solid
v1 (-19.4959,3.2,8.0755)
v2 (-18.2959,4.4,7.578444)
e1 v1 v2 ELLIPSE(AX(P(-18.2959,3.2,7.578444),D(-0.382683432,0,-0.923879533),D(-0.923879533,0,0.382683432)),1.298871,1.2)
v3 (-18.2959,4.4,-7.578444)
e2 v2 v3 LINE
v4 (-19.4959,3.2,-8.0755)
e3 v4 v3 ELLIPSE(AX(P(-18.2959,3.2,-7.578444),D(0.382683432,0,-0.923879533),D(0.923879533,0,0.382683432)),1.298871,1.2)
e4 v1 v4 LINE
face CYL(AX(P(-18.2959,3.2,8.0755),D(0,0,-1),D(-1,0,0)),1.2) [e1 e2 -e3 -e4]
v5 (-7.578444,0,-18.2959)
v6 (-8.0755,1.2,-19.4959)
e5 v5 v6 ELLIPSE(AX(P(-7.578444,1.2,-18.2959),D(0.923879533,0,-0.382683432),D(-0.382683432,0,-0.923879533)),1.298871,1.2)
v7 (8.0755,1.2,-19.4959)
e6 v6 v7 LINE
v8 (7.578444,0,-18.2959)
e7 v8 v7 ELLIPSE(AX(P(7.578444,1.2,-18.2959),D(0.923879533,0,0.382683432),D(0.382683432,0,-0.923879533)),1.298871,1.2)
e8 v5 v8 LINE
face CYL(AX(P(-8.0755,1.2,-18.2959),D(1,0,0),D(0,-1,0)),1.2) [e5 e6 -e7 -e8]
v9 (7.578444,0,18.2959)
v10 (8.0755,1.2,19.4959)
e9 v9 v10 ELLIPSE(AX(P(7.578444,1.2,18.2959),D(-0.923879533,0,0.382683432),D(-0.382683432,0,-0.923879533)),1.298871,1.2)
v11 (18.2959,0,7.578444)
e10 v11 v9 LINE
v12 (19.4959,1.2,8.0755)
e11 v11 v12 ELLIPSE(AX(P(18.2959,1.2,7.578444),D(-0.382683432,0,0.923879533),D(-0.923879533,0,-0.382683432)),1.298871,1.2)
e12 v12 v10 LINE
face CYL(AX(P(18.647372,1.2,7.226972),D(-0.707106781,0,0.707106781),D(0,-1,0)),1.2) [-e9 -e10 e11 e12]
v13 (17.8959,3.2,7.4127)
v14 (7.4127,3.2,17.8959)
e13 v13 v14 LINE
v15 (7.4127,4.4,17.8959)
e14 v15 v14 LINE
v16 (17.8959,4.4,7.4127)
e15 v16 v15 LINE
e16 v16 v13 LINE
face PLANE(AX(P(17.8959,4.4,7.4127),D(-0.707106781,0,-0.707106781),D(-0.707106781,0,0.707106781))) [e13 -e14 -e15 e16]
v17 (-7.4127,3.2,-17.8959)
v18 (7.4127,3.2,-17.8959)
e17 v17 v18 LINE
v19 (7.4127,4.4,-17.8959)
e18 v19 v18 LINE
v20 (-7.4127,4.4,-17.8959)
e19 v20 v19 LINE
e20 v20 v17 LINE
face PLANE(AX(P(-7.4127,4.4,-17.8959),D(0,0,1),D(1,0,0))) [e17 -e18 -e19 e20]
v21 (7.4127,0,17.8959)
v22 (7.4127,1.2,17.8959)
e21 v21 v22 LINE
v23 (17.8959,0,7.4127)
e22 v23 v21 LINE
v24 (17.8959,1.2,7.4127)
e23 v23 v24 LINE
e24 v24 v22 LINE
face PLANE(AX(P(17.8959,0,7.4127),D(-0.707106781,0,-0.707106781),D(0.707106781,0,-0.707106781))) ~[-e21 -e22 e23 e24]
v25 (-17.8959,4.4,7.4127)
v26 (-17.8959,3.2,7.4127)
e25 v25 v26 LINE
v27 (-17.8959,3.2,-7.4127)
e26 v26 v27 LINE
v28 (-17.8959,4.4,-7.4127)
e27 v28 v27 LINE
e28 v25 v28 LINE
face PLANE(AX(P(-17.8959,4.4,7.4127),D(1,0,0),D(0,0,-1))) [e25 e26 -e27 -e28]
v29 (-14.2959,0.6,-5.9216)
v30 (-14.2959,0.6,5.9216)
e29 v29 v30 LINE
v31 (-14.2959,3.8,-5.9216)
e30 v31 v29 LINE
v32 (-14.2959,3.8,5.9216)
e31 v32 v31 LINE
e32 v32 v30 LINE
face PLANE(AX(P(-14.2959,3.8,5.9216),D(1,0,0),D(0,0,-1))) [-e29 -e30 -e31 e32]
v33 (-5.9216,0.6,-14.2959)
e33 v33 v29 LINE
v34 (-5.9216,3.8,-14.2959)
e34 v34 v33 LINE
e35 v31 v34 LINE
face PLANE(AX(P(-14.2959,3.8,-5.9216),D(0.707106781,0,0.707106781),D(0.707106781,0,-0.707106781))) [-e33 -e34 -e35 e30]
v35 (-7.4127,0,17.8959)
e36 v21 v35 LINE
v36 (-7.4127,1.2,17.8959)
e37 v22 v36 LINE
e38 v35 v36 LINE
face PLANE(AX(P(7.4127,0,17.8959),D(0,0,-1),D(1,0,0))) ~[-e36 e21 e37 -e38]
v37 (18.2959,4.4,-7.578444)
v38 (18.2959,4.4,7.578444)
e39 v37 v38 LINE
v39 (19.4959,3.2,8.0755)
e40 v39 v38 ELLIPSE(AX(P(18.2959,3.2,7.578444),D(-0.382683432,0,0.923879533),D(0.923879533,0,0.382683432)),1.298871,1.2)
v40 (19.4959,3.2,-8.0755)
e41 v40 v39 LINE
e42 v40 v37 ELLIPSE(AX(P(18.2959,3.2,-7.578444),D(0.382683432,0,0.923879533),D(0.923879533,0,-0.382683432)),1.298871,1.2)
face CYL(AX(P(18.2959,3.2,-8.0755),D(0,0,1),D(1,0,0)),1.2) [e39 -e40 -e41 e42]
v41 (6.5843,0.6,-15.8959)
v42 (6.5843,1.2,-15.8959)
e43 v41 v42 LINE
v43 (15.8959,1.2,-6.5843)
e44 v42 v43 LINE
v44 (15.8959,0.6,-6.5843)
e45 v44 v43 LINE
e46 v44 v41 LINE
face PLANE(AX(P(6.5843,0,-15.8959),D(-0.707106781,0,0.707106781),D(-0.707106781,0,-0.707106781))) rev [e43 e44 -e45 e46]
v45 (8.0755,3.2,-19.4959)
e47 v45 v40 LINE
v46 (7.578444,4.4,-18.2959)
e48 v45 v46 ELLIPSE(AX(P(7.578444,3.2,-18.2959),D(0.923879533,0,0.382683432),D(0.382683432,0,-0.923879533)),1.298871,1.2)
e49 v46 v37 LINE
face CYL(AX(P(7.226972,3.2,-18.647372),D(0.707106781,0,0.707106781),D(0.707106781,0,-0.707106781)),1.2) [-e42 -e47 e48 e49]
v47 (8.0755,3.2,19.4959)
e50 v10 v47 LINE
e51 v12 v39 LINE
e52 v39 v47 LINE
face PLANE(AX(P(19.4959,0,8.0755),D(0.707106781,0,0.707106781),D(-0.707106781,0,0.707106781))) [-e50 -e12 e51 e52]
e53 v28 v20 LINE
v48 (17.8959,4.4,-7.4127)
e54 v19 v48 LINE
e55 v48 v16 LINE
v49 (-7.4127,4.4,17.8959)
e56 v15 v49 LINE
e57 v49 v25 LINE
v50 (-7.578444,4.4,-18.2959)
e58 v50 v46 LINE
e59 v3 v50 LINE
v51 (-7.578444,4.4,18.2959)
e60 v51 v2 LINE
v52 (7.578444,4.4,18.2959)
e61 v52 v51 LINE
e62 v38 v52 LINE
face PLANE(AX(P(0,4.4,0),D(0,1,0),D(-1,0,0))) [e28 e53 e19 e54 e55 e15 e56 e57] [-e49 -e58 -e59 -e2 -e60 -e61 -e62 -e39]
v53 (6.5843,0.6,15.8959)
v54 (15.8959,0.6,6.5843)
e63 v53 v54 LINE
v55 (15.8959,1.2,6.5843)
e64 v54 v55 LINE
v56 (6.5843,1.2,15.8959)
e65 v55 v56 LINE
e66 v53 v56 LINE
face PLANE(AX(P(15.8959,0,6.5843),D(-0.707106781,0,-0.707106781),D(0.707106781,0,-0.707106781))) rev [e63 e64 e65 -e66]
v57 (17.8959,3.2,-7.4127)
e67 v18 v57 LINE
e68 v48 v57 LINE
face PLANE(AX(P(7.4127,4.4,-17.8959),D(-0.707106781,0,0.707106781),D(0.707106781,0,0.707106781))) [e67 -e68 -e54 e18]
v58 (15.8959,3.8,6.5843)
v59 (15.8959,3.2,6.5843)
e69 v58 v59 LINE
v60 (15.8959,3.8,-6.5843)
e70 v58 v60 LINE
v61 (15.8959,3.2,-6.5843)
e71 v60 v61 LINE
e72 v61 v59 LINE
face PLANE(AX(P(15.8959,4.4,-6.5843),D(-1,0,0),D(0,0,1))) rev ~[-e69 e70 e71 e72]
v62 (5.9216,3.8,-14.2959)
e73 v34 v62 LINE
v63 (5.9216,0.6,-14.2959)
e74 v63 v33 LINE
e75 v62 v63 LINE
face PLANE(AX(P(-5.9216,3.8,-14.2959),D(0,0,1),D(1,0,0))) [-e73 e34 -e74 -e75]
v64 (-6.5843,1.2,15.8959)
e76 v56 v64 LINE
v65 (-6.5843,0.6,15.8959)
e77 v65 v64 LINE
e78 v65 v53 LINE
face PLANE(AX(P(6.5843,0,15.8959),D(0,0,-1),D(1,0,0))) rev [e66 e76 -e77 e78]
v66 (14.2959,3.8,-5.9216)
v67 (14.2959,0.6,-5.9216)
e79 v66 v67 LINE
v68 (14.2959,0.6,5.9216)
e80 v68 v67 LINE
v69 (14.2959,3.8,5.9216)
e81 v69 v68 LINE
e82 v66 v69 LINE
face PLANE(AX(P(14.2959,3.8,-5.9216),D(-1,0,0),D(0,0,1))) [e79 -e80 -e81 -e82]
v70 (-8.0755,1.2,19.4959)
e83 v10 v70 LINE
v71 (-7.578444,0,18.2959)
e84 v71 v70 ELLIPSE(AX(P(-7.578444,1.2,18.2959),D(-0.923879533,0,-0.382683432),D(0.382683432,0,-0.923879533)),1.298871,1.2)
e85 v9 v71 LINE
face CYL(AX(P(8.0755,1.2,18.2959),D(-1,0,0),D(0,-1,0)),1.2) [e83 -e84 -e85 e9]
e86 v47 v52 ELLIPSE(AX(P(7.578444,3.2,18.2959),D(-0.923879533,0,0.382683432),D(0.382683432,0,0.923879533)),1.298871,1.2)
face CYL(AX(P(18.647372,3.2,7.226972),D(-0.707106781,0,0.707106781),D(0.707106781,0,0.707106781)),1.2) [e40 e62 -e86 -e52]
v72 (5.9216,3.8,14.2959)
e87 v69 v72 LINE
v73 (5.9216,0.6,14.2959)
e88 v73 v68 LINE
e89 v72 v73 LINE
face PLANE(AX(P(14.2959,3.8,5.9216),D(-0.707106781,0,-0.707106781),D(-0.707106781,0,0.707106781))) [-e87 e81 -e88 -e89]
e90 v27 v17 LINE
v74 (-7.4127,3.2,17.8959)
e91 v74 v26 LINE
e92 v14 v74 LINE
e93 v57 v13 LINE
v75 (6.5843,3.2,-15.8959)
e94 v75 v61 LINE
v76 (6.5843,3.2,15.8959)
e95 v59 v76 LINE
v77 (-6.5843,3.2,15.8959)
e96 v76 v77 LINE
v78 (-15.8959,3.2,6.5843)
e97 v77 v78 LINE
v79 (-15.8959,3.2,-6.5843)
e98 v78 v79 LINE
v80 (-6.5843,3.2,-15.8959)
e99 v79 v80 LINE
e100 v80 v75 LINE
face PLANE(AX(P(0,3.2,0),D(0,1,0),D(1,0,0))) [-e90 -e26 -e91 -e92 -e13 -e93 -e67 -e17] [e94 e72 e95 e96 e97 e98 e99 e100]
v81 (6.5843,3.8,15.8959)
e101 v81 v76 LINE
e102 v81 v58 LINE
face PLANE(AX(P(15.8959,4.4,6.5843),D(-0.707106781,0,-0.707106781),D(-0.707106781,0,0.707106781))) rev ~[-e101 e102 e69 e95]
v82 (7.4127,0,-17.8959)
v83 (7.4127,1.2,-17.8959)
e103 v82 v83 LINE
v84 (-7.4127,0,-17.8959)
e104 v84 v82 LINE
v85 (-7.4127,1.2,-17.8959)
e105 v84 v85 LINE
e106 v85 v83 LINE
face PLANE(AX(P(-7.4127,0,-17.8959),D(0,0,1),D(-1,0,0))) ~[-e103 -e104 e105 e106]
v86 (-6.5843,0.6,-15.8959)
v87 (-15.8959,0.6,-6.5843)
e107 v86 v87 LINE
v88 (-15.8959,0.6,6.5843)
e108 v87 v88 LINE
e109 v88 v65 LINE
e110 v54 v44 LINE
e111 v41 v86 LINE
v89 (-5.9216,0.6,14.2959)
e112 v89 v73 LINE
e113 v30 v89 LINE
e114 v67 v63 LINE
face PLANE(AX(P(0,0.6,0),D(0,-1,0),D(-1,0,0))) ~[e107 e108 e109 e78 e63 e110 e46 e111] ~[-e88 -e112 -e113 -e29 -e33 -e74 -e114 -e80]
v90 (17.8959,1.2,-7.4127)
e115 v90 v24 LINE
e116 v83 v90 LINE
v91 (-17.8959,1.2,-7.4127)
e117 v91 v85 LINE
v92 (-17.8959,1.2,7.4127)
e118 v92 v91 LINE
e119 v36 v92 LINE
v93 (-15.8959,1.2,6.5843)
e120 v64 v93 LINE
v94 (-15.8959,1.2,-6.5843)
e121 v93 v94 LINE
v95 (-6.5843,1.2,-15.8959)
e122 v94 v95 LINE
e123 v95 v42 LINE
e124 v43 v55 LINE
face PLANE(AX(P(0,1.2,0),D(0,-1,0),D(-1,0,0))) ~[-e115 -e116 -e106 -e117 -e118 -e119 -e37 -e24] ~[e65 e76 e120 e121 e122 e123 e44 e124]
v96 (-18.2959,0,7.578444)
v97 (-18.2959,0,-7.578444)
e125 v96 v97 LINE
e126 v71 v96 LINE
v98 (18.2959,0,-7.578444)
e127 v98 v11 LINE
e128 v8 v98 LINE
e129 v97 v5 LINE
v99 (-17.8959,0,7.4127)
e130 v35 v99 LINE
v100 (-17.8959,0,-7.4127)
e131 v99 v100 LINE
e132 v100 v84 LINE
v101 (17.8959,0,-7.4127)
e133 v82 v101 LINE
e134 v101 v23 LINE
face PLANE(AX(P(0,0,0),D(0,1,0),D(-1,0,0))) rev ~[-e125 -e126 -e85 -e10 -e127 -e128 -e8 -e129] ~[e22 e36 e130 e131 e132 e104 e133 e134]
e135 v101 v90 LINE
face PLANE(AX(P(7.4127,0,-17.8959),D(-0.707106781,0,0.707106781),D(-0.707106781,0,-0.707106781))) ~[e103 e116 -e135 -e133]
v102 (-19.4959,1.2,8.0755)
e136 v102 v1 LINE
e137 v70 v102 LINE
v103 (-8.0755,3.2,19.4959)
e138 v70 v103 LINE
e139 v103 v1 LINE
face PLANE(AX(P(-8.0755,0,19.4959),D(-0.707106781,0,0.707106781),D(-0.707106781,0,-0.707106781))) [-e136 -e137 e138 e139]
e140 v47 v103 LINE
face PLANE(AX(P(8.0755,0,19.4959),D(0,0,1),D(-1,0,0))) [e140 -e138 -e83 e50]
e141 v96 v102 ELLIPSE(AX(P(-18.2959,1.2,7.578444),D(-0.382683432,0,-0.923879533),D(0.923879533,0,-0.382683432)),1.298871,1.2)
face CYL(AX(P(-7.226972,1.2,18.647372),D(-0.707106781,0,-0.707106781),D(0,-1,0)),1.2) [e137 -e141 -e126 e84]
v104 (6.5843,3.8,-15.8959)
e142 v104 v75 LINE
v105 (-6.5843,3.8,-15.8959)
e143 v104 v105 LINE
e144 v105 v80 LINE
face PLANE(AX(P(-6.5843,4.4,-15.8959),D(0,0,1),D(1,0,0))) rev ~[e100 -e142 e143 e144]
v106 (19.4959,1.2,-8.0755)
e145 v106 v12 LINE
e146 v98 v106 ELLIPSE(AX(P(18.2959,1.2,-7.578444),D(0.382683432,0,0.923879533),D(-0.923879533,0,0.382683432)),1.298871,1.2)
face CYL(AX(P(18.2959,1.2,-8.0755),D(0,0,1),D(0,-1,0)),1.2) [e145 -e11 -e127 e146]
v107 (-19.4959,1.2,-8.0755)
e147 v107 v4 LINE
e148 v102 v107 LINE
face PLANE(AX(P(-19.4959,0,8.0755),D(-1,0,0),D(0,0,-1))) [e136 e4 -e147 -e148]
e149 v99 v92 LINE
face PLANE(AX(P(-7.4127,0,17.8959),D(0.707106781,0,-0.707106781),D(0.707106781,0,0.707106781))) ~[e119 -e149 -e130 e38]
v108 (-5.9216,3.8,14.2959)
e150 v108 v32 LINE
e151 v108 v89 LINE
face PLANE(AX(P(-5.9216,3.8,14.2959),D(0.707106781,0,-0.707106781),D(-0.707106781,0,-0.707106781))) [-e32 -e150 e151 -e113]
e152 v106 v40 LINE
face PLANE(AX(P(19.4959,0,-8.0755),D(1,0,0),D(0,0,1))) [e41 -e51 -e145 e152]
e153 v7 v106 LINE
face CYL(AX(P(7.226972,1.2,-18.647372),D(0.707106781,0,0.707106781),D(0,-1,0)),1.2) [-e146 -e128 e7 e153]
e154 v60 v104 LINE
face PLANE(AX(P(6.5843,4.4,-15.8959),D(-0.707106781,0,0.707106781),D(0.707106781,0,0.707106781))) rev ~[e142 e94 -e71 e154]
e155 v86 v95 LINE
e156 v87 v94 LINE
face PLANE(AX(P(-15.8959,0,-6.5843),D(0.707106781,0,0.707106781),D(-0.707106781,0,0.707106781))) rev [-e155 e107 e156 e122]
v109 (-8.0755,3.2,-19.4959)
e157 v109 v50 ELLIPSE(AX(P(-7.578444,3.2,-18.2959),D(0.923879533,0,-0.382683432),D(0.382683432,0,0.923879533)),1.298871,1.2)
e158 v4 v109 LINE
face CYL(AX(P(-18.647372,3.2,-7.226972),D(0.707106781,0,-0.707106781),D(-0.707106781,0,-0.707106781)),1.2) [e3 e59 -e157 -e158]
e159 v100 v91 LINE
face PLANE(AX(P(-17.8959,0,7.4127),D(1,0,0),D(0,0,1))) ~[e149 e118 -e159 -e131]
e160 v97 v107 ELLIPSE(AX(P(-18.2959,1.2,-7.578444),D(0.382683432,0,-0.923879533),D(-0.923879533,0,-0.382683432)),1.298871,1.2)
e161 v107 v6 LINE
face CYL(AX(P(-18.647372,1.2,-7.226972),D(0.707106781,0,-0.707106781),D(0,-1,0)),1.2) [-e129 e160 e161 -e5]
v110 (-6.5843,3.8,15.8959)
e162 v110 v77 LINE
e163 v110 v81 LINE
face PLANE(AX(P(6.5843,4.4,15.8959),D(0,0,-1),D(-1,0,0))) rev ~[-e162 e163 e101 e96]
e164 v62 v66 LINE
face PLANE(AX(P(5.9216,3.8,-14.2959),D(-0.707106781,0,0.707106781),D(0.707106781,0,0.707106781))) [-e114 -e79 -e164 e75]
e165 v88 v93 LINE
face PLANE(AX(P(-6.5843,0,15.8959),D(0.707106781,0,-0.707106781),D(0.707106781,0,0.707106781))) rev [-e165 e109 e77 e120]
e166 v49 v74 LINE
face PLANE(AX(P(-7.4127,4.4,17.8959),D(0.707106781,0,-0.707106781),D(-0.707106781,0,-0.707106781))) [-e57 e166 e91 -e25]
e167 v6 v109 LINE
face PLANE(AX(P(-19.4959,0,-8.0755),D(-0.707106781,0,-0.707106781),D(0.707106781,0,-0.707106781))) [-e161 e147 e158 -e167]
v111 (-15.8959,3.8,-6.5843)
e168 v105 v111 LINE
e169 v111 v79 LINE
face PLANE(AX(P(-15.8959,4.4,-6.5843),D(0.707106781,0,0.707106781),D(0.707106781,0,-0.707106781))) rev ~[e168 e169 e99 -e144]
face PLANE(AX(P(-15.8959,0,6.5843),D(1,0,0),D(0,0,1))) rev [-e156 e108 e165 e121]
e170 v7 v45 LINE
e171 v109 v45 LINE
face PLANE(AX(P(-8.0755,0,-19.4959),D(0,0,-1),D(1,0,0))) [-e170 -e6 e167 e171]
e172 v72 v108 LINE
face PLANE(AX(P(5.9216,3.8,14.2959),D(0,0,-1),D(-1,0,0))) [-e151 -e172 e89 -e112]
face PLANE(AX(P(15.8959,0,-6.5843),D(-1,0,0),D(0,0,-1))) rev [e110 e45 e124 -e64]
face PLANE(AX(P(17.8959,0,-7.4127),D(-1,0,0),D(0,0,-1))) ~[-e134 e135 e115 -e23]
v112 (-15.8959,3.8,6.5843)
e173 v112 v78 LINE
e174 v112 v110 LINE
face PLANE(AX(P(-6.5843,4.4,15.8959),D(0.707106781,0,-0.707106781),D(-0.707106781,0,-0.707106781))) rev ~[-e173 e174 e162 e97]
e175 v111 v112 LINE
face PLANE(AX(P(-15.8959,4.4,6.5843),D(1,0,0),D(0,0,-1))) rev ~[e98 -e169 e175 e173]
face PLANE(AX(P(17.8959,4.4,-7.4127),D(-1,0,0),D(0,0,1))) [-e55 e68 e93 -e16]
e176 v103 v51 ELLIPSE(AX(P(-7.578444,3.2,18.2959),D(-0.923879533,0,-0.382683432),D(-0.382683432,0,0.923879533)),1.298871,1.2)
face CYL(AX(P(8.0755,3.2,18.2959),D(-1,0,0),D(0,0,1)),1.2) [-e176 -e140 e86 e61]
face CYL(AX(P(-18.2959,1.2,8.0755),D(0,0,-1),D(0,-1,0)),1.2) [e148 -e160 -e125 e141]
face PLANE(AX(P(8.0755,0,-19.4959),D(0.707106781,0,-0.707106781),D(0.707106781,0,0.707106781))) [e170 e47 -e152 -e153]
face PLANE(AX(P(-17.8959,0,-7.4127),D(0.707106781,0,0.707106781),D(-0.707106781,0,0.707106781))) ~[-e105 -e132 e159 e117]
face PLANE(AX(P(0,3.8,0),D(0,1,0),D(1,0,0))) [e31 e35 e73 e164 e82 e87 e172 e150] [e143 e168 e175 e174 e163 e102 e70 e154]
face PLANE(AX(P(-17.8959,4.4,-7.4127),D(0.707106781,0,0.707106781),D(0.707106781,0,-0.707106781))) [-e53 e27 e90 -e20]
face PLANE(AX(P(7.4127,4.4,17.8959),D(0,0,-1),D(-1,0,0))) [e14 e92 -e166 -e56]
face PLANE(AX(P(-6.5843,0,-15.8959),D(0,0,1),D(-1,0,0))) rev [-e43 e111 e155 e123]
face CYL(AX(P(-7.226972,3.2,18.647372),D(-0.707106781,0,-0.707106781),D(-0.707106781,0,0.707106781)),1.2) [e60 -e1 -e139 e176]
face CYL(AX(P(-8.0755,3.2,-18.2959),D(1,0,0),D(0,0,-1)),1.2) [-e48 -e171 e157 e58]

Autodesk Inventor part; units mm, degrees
ref_plane "YZ Plane" through (0, 0, 0) normal (1, 0, 0) x (0, 1, 0)
ref_plane "XZ Plane" through (0, 0, 0) normal (0, 1, 0) x (-1, 0, 0)
sketch "스케치1" plane through (0, 0, 0) normal (0, 1, 0) x (-1, 0, 0)
  line L0 (-16.2959, 6.75) -> (-6.75, 16.2959)
  line L1 (-6.75, 16.2959) -> (6.75, 16.2959)
  line L2 (6.75, 16.2959) -> (16.2959, 6.75)
  line L3 (16.2959, 6.75) -> (16.2959, -6.75)
  line L4 (16.2959, -6.75) -> (6.75, -16.2959)
  line L5 (6.75, -16.2959) -> (-6.75, -16.2959)
  line L6 (-6.75, -16.2959) -> (-16.2959, -6.75)
  line L7 (-16.2959, -6.75) -> (-16.2959, 6.75)
  line L8 (19.4959, 8.0755) -> (19.4959, -8.0755)
  line L9 (19.4959, -8.0755) -> (8.0755, -19.4959)
  line L10 (8.0755, -19.4959) -> (-8.0755, -19.4959)
  line L11 (-8.0755, -19.4959) -> (-19.4959, -8.0755)
  line L12 (-19.4959, -8.0755) -> (-19.4959, 8.0755)
  line L13 (-19.4959, 8.0755) -> (-8.0755, 19.4959)
  line L14 (-8.0755, 19.4959) -> (8.0755, 19.4959)
  line L15 (8.0755, 19.4959) -> (19.4959, 8.0755)
  point P0 (0, 0)
  point P1 (0, 0)
  point P2 (0, 0)
  dimension "d0" = 13.5
  dimension "d1" = 3.2
extrude "돌출1" add sketch "스케치1" along normal blind 4.4 contours L0 L1 L2 L3 L4 L5 L6 L7 | L8 L9 L10 L11 L12 L13 L14 L15
sketch "스케치14" plane through (0, 4.4, 0) normal (0, 1, 0) x (1, 0, 0)
  line L0 (6.5843, -15.8959) -> (-6.5843, -15.8959)
  line L1 (-6.5843, -15.8959) -> (-15.8959, -6.5843)
  line L2 (-15.8959, -6.5843) -> (-15.8959, 6.5843)
  line L3 (-15.8959, 6.5843) -> (-6.5843, 15.8959)
  line L4 (-6.5843, 15.8959) -> (6.5843, 15.8959)
  line L5 (6.5843, 15.8959) -> (15.8959, 6.5843)
  line L6 (15.8959, 6.5843) -> (15.8959, -6.5843)
  line L7 (15.8959, -6.5843) -> (6.5843, -15.8959)
  line L8 (-7.4127, 17.8959) -> (7.4127, 17.8959)
  line L9 (7.4127, 17.8959) -> (17.8959, 7.4127)
  line L10 (17.8959, 7.4127) -> (17.8959, -7.4127)
  line L11 (17.8959, -7.4127) -> (7.4127, -17.8959)
  line L12 (7.4127, -17.8959) -> (-7.4127, -17.8959)
  line L13 (-7.4127, -17.8959) -> (-17.8959, -7.4127)
  line L14 (-17.8959, -7.4127) -> (-17.8959, 7.4127)
  line L15 (-17.8959, 7.4127) -> (-7.4127, 17.8959)
  line L16 (19.4959, -8.0755) -> (19.4959, 8.0755) projected
  point P0 (0, 0)
  point P1 (0, 0)
  point P2 (0, 0)
  dimension "d138" = 2
  dimension "d139" = 1.6
extrude "돌출16" cut sketch "스케치14" against normal blind 1.2
sketch "스케치15" plane through (0, 4.4, 0) normal (0, 1, 0) x (1, 0, 0)
  line L0 (-15.8959, -6.5843) -> (-6.5843, -15.8959) projected
  line L1 (-6.5843, -15.8959) -> (6.5843, -15.8959) projected
  line L2 (6.5843, -15.8959) -> (15.8959, -6.5843) projected
  line L3 (15.8959, -6.5843) -> (15.8959, 6.5843) projected
  line L4 (15.8959, 6.5843) -> (6.5843, 15.8959) projected
  line L5 (6.5843, 15.8959) -> (-6.5843, 15.8959) projected
  line L6 (-6.5843, 15.8959) -> (-15.8959, 6.5843) projected
  line L7 (-15.8959, 6.5843) -> (-15.8959, -6.5843) projected
  point P0 (0, 0)
extrude "돌출17" cut sketch "스케치15" against normal blind 0.6
sketch "스케치16" plane through (0, 3.8, 0) normal (0, 1, 0) x (1, 0, 0)
  line L0 (-5.9216, 14.2959) -> (5.9216, 14.2959)
  line L1 (5.9216, 14.2959) -> (14.2959, 5.9216)
  line L2 (14.2959, 5.9216) -> (14.2959, -5.9216)
  line L3 (14.2959, -5.9216) -> (5.9216, -14.2959)
  line L4 (5.9216, -14.2959) -> (-5.9216, -14.2959)
  line L5 (-5.9216, -14.2959) -> (-14.2959, -5.9216)
  line L6 (-14.2959, -5.9216) -> (-14.2959, 5.9216)
  line L7 (-14.2959, 5.9216) -> (-5.9216, 14.2959)
  line L8 (15.8959, 6.5843) -> (15.8959, -6.5843) projected
  point P0 (0, 0)
  point P1 (0, 0)
  dimension "d144" = 1.6
extrude "돌출18" cut sketch "스케치16" against normal up to surface (3.8 mm away)
fillet "모깎기2" radius 1.2 16 edges at (0, 4.4, -19.4959) (-13.7857, 4.4, -13.7857) (13.7857, 4.4, -13.7857) (19.4959, 4.4, 0) (13.7857, 4.4, 13.7857) (0, 4.4, 19.4959) (-13.7857, 4.4, 13.7857) (-19.4959, 4.4, 0) (-19.4959, 0, 0) (-13.7857, 0, 13.7857) (0, 0, 19.4959) (13.7857, 0, 13.7857) (-13.7857, 0, -13.7857) (0, 0, -19.4959) (19.4959, 0, 0) (13.7857, 0, -13.7857)
ref_plane "작업 평면3" through (0, 2.2, 0) normal (0, -1, 0) x (1, 0, 0)
mirror "미러6" about plane through (0, 2.2, 0) normal (0, -1, 0) of "돌출17", "돌출16"
properties part number "OV-PAM_ring_2"
